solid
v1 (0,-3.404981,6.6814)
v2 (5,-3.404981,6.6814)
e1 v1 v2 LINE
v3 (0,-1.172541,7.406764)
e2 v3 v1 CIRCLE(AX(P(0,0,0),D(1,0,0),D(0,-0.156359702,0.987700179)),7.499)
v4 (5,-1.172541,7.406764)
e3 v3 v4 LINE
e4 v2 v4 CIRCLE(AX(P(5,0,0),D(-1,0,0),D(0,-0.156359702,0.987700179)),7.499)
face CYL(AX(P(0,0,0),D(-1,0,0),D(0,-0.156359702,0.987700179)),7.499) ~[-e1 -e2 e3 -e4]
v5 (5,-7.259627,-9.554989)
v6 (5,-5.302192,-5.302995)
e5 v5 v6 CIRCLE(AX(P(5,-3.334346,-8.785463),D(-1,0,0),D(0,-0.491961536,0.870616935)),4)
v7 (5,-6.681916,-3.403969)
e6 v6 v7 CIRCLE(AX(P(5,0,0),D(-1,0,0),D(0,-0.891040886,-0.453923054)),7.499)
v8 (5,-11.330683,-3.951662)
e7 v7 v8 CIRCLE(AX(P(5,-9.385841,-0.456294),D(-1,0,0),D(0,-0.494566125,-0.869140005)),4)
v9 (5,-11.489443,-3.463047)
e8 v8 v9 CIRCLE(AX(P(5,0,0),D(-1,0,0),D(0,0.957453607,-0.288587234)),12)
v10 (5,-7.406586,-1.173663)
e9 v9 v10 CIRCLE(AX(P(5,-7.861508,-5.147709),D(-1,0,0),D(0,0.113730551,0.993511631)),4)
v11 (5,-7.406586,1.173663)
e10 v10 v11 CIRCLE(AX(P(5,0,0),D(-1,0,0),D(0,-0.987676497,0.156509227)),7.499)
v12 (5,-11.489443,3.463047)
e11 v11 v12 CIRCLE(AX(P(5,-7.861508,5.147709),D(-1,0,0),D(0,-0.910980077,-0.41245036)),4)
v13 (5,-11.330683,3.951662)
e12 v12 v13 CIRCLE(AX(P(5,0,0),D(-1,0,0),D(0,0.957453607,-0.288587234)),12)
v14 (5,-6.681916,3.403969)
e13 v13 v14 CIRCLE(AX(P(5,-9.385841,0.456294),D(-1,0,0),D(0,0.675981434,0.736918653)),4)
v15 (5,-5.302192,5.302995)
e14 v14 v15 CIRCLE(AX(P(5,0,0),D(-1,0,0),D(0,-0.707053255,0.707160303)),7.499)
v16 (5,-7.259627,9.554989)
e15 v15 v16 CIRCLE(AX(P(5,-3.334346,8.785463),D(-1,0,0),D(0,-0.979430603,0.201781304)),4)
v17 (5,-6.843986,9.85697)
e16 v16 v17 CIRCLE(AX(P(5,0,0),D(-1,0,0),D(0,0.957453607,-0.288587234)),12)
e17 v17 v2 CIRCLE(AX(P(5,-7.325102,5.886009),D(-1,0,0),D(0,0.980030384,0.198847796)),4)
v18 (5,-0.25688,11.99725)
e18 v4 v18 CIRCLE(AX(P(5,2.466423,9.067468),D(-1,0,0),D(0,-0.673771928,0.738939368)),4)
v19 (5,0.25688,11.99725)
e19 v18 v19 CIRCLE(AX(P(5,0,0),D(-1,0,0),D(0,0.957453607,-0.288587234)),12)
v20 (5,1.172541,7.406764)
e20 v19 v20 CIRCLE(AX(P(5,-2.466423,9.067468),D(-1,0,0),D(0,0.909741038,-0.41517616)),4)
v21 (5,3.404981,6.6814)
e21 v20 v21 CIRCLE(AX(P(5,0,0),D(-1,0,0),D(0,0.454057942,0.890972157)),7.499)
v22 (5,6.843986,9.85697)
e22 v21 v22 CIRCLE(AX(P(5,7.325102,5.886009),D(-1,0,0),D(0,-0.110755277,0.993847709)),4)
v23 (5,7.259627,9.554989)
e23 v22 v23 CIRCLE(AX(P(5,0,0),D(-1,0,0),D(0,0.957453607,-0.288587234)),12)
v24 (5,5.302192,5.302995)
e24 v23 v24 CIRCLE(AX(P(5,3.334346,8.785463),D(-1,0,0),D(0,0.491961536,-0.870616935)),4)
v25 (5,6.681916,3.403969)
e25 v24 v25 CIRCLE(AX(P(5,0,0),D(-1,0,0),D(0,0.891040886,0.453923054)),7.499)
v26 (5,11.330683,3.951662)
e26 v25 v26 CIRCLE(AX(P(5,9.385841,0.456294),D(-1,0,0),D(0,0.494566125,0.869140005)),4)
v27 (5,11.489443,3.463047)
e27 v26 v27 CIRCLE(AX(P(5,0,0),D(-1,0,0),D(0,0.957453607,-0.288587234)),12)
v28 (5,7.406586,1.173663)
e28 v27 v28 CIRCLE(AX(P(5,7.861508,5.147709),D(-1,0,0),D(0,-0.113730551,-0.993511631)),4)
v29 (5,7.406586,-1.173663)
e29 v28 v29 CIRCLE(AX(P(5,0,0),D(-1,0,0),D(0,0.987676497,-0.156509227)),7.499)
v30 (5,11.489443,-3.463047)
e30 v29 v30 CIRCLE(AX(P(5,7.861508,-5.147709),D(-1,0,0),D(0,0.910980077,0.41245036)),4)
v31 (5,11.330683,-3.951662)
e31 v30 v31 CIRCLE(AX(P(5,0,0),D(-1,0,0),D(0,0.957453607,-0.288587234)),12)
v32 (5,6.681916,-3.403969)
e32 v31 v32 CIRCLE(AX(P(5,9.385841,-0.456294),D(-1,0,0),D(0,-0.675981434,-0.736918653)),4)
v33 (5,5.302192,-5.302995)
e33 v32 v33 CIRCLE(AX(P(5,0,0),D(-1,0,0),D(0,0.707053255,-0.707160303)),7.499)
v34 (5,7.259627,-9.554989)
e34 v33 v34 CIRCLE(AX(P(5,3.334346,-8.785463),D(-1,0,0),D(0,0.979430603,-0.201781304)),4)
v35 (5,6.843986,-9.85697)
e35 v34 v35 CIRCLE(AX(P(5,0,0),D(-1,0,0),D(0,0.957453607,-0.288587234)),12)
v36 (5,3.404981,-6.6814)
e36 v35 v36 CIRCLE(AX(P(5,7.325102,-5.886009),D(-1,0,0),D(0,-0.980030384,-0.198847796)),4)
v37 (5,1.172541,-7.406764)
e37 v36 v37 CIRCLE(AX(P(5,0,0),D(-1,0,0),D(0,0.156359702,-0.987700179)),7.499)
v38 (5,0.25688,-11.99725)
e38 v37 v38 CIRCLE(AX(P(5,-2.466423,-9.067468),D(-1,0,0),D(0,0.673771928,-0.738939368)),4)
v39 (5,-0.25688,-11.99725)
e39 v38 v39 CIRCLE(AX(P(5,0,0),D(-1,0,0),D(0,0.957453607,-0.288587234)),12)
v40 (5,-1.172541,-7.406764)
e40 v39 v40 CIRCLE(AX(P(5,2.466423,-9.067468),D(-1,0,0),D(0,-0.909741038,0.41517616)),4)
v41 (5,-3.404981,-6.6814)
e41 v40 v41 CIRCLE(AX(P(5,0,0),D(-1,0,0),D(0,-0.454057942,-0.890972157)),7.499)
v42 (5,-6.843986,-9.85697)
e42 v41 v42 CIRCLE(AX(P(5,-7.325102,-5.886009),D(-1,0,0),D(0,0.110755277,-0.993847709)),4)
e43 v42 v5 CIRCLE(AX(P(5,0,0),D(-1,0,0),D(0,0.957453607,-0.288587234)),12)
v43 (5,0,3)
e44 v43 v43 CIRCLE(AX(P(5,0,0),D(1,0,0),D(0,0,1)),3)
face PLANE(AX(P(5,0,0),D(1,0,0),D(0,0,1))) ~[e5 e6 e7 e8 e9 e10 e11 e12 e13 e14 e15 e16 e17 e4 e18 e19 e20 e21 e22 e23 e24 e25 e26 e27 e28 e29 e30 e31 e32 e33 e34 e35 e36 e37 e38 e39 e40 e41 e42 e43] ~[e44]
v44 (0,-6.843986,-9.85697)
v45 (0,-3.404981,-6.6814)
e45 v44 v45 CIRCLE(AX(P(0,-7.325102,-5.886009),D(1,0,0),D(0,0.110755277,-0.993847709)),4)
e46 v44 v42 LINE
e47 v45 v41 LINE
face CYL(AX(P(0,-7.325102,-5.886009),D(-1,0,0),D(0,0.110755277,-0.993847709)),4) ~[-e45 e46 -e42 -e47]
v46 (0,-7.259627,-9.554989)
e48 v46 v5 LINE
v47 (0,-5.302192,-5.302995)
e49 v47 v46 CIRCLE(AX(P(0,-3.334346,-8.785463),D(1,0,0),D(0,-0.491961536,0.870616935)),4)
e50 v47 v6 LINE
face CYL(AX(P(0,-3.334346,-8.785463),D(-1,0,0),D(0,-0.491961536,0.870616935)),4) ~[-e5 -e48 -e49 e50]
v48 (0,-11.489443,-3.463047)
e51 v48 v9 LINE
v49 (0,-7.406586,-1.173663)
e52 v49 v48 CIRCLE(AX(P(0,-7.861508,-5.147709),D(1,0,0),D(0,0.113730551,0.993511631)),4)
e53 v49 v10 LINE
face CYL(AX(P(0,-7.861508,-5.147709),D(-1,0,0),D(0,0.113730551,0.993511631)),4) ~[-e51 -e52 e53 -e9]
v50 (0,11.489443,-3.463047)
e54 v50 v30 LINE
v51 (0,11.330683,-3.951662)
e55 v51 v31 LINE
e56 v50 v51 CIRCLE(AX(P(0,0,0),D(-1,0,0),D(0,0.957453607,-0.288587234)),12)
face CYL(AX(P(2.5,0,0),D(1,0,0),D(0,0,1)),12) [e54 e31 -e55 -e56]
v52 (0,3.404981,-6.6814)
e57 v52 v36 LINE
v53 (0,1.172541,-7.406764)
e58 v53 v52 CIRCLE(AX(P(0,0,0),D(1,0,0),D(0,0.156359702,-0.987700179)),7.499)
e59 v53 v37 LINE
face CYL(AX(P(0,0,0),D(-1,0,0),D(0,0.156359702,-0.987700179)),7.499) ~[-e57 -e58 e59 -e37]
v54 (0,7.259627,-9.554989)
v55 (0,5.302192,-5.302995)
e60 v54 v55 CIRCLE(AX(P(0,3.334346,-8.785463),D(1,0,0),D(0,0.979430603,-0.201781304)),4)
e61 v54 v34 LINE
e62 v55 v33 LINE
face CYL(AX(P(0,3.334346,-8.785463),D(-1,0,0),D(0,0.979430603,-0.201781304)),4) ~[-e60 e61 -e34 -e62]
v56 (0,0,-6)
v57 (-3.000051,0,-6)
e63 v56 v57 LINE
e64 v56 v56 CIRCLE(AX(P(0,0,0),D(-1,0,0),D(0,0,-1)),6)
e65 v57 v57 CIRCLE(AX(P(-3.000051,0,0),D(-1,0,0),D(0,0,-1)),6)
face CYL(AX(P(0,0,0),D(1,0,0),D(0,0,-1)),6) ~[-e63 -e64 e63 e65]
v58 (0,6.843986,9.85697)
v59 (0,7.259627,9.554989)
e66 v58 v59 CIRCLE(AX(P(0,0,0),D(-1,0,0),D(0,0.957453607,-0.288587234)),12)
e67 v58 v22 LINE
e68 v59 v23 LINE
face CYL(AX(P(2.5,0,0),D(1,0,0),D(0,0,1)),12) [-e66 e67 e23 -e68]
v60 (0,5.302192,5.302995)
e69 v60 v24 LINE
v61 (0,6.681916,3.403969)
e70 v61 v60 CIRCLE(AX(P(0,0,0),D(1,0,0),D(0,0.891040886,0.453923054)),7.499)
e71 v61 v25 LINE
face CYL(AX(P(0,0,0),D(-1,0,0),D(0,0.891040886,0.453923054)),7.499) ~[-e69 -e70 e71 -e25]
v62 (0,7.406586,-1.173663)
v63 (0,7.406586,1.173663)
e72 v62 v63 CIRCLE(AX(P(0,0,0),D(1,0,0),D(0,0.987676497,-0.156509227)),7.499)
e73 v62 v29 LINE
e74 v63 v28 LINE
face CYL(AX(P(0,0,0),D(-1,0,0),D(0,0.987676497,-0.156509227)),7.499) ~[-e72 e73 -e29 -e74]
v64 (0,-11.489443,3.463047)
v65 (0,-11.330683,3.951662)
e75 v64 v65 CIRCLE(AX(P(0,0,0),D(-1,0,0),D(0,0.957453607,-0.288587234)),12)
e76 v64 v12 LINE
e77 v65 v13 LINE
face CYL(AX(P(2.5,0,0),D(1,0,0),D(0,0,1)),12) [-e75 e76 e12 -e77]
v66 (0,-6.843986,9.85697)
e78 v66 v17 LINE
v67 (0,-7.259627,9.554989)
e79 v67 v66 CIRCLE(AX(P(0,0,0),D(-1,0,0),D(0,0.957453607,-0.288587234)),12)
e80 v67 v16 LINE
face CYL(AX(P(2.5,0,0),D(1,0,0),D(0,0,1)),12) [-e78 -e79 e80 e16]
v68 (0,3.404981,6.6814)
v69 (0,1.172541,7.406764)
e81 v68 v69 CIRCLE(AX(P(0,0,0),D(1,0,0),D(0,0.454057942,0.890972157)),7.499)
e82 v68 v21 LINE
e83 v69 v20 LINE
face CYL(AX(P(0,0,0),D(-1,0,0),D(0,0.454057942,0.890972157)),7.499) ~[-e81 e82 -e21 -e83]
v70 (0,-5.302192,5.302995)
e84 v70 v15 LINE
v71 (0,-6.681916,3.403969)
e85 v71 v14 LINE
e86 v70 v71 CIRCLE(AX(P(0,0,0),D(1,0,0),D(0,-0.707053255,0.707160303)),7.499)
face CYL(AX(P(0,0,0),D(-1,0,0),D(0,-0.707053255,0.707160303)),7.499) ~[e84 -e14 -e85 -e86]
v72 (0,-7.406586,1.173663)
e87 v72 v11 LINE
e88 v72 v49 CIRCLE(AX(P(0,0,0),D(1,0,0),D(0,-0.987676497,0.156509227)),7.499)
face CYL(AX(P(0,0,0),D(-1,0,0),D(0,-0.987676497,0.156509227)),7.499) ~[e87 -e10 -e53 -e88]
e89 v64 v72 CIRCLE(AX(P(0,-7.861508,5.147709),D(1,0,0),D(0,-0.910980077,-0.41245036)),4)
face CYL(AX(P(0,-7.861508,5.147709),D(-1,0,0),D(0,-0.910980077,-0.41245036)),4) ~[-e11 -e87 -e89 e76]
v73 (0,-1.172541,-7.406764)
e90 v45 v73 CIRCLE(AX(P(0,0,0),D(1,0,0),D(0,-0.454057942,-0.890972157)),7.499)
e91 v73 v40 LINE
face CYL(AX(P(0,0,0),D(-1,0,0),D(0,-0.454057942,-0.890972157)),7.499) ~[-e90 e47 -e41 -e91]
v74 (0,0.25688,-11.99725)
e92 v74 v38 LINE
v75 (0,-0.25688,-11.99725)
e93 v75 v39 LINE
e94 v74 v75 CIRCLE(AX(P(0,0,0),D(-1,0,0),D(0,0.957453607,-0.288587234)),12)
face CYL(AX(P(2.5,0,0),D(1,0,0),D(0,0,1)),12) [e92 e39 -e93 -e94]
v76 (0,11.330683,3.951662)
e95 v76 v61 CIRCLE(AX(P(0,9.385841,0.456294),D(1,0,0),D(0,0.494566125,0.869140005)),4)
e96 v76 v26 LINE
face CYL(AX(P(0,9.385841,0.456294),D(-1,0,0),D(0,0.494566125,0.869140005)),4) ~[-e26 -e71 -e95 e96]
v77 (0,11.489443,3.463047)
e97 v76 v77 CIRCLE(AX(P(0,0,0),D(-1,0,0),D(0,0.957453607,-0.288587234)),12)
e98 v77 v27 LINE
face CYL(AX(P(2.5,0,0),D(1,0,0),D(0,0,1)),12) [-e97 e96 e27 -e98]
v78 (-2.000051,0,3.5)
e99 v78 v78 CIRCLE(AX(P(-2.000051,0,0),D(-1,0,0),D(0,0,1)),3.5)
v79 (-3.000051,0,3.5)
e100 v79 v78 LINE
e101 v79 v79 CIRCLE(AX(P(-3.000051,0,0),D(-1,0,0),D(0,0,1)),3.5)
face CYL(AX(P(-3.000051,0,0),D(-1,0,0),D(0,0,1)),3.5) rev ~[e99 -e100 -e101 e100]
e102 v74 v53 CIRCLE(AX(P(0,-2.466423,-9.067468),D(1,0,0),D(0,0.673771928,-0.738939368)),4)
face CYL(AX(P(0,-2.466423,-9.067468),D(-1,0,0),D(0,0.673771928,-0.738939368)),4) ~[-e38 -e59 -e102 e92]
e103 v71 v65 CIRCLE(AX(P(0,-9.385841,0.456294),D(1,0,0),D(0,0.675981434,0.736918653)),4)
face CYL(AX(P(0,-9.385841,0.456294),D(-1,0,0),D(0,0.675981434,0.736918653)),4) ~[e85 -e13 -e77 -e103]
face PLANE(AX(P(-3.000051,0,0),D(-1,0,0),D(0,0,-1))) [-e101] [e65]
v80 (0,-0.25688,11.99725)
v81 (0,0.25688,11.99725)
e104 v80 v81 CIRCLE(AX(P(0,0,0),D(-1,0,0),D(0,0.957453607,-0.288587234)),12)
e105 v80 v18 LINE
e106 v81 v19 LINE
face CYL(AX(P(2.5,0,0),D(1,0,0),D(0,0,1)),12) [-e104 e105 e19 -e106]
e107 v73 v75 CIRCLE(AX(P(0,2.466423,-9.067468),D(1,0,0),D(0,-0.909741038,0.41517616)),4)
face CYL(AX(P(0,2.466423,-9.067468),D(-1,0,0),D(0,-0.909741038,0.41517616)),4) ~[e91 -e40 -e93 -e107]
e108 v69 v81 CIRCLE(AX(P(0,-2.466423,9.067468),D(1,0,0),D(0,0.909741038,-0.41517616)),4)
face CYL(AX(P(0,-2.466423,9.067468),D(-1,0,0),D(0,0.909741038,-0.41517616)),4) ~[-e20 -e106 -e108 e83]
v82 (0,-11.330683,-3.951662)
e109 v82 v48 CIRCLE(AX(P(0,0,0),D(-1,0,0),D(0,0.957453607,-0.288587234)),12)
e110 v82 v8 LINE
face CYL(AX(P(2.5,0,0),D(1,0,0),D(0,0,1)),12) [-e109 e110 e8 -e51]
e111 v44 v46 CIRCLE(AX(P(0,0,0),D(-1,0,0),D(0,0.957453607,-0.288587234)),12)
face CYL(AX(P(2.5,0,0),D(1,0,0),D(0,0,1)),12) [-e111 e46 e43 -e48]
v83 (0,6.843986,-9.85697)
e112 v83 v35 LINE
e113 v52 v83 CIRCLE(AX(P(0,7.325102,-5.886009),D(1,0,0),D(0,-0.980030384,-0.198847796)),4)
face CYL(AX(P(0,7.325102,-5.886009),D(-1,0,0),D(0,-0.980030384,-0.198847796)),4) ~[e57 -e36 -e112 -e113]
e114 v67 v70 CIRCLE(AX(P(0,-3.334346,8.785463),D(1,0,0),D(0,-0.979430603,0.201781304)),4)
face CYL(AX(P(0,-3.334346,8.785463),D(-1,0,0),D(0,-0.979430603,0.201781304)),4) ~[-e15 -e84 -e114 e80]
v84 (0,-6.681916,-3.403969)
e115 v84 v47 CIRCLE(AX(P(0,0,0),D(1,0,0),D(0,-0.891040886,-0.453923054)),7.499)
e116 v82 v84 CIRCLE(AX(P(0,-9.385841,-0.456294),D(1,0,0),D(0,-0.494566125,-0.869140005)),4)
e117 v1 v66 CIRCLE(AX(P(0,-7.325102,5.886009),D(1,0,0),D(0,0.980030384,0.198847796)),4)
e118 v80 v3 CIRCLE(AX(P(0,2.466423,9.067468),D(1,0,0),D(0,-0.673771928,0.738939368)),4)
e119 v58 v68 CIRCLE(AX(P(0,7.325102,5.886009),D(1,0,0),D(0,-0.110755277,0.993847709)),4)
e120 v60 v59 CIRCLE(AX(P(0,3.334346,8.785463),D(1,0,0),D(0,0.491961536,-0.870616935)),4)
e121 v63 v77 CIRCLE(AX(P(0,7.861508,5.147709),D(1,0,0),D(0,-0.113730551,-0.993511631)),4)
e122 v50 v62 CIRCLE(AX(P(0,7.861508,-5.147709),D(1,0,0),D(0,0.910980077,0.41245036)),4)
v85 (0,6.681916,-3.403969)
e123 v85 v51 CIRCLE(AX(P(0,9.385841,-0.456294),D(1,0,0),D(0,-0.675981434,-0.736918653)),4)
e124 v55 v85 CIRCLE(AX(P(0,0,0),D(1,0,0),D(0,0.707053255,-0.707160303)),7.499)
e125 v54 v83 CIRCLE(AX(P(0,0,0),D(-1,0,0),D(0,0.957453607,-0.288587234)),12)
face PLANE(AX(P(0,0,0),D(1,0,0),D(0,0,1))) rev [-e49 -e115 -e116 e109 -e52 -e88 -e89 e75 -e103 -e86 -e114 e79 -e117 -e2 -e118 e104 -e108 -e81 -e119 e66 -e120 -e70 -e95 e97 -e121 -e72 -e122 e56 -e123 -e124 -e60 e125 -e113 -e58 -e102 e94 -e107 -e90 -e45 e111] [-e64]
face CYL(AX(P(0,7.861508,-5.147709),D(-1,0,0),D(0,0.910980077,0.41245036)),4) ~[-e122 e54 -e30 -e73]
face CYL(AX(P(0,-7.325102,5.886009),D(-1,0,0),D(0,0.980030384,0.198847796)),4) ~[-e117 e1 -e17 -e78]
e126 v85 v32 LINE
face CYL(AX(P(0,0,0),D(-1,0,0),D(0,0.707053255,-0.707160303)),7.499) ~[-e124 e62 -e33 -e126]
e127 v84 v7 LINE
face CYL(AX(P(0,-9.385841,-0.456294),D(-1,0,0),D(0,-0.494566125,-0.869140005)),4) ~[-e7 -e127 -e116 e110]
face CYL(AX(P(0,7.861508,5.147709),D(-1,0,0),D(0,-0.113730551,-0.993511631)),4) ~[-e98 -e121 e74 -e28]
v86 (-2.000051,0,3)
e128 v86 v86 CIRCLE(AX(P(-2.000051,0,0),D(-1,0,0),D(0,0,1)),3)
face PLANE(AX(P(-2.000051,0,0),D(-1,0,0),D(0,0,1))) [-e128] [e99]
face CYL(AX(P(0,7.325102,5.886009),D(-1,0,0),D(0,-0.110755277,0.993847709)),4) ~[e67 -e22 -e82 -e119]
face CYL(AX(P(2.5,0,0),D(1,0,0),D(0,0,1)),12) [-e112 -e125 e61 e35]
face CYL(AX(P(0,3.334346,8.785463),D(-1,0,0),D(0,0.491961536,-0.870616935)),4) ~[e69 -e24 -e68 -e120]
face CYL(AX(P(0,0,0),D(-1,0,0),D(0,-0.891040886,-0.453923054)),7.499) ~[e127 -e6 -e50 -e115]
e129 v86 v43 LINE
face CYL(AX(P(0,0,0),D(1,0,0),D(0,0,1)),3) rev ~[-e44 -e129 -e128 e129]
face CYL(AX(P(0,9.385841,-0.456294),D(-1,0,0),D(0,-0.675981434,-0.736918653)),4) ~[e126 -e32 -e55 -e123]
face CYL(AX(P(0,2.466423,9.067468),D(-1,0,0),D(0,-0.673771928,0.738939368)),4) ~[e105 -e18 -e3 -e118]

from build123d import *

# Parameters (mm, degrees)
BASPROSKE_W        = 5
BASPROSKE_H        = 12
TOOTHCUT_DEPTH     = 18.691806013
TEETHCUTS_COUNT    = 10
TEETHCUTS_ANGLE    = 324
HUBNEAONESKE_R     = 6
HUBNEARONE_DEPTH   = 3.0000508
BORSKE_R           = 3
BORE_DEPTH         = 8.0000508
SKETCH1_R          = 3.5
SKETCH1_R_2        = 3
CUT_EXTRUDE1_DEPTH = 1


with BuildPart() as part:
    # BasProSke → Base-Revolve (revolve)
    with BuildSketch(Plane(origin=(0, 0, 0), x_dir=(1, 0, 0), z_dir=(0, 1, 0)), mode=Mode.PRIVATE) as base_revolve_sk:
        with Locations((2.5, 6)):
            Rectangle(BASPROSKE_W, BASPROSKE_H)
    revolve(base_revolve_sk.sketch.rotate(Axis((-10, 0, 0), (1, 0, 0)), 180), axis=Axis((-10, 0, 0), (1, 0, 0)))

    # TooCutSke → ToothCut (cut, through all)
    with BuildSketch(Plane(origin=(0, 0, 0), x_dir=(0, 0, -1), z_dir=(1, 0, 0))):
        with BuildLine():
            ThreePointArc((1.173662691, 7.406586048), (0, 7.499), (-1.173662691, 7.406586048))
            ThreePointArc((-1.173662691, 7.406586048), (-1.668191438, 9.834565786), (-3.497907776, 11.50542856))
            ThreePointArc((-3.497907776, 11.50542856), (0, 12.0254), (3.497907776, 11.50542856))
            ThreePointArc((3.497907776, 11.50542856), (1.668191438, 9.834565786), (1.173662691, 7.406586048))
        make_face()
    toothcut = extrude(amount=TOOTHCUT_DEPTH, mode=Mode.SUBTRACT)

    # TeethCuts: ToothCut ×10 about axis
    teethcuts_axis = Axis((-10, 0, 0), (1, 0, 0))
    for i in range(1, TEETHCUTS_COUNT):
        add(toothcut.rotate(teethcuts_axis, i * TEETHCUTS_ANGLE / (TEETHCUTS_COUNT - 1)), mode=Mode.SUBTRACT)

    # HubNeaOneSke → HubNearOne (add)
    with BuildSketch(Plane.ZY):
        with Locations(Location((0, 0, 0), (0, 0, 180))):
            Circle(HUBNEAONESKE_R)
    extrude(amount=HUBNEARONE_DEPTH)

    # BorSke → Bore (cut, symmetric)
    with BuildSketch(Plane(origin=(0, 0, 0), x_dir=(0, 0, -1), z_dir=(1, 0, 0))):
        with Locations(Location((0, 0, 0), (0, 0, 180))):
            Circle(BORSKE_R)
    extrude(amount=BORE_DEPTH, both=True, mode=Mode.SUBTRACT)

    # Sketch1 → Cut-Extrude1 (cut)
    with BuildSketch(Plane.ZY.offset(3.0000508)):
        Circle(SKETCH1_R)
        Circle(SKETCH1_R_2, mode=Mode.SUBTRACT)
    extrude(amount=-CUT_EXTRUDE1_DEPTH, mode=Mode.SUBTRACT)


solid = part.part
